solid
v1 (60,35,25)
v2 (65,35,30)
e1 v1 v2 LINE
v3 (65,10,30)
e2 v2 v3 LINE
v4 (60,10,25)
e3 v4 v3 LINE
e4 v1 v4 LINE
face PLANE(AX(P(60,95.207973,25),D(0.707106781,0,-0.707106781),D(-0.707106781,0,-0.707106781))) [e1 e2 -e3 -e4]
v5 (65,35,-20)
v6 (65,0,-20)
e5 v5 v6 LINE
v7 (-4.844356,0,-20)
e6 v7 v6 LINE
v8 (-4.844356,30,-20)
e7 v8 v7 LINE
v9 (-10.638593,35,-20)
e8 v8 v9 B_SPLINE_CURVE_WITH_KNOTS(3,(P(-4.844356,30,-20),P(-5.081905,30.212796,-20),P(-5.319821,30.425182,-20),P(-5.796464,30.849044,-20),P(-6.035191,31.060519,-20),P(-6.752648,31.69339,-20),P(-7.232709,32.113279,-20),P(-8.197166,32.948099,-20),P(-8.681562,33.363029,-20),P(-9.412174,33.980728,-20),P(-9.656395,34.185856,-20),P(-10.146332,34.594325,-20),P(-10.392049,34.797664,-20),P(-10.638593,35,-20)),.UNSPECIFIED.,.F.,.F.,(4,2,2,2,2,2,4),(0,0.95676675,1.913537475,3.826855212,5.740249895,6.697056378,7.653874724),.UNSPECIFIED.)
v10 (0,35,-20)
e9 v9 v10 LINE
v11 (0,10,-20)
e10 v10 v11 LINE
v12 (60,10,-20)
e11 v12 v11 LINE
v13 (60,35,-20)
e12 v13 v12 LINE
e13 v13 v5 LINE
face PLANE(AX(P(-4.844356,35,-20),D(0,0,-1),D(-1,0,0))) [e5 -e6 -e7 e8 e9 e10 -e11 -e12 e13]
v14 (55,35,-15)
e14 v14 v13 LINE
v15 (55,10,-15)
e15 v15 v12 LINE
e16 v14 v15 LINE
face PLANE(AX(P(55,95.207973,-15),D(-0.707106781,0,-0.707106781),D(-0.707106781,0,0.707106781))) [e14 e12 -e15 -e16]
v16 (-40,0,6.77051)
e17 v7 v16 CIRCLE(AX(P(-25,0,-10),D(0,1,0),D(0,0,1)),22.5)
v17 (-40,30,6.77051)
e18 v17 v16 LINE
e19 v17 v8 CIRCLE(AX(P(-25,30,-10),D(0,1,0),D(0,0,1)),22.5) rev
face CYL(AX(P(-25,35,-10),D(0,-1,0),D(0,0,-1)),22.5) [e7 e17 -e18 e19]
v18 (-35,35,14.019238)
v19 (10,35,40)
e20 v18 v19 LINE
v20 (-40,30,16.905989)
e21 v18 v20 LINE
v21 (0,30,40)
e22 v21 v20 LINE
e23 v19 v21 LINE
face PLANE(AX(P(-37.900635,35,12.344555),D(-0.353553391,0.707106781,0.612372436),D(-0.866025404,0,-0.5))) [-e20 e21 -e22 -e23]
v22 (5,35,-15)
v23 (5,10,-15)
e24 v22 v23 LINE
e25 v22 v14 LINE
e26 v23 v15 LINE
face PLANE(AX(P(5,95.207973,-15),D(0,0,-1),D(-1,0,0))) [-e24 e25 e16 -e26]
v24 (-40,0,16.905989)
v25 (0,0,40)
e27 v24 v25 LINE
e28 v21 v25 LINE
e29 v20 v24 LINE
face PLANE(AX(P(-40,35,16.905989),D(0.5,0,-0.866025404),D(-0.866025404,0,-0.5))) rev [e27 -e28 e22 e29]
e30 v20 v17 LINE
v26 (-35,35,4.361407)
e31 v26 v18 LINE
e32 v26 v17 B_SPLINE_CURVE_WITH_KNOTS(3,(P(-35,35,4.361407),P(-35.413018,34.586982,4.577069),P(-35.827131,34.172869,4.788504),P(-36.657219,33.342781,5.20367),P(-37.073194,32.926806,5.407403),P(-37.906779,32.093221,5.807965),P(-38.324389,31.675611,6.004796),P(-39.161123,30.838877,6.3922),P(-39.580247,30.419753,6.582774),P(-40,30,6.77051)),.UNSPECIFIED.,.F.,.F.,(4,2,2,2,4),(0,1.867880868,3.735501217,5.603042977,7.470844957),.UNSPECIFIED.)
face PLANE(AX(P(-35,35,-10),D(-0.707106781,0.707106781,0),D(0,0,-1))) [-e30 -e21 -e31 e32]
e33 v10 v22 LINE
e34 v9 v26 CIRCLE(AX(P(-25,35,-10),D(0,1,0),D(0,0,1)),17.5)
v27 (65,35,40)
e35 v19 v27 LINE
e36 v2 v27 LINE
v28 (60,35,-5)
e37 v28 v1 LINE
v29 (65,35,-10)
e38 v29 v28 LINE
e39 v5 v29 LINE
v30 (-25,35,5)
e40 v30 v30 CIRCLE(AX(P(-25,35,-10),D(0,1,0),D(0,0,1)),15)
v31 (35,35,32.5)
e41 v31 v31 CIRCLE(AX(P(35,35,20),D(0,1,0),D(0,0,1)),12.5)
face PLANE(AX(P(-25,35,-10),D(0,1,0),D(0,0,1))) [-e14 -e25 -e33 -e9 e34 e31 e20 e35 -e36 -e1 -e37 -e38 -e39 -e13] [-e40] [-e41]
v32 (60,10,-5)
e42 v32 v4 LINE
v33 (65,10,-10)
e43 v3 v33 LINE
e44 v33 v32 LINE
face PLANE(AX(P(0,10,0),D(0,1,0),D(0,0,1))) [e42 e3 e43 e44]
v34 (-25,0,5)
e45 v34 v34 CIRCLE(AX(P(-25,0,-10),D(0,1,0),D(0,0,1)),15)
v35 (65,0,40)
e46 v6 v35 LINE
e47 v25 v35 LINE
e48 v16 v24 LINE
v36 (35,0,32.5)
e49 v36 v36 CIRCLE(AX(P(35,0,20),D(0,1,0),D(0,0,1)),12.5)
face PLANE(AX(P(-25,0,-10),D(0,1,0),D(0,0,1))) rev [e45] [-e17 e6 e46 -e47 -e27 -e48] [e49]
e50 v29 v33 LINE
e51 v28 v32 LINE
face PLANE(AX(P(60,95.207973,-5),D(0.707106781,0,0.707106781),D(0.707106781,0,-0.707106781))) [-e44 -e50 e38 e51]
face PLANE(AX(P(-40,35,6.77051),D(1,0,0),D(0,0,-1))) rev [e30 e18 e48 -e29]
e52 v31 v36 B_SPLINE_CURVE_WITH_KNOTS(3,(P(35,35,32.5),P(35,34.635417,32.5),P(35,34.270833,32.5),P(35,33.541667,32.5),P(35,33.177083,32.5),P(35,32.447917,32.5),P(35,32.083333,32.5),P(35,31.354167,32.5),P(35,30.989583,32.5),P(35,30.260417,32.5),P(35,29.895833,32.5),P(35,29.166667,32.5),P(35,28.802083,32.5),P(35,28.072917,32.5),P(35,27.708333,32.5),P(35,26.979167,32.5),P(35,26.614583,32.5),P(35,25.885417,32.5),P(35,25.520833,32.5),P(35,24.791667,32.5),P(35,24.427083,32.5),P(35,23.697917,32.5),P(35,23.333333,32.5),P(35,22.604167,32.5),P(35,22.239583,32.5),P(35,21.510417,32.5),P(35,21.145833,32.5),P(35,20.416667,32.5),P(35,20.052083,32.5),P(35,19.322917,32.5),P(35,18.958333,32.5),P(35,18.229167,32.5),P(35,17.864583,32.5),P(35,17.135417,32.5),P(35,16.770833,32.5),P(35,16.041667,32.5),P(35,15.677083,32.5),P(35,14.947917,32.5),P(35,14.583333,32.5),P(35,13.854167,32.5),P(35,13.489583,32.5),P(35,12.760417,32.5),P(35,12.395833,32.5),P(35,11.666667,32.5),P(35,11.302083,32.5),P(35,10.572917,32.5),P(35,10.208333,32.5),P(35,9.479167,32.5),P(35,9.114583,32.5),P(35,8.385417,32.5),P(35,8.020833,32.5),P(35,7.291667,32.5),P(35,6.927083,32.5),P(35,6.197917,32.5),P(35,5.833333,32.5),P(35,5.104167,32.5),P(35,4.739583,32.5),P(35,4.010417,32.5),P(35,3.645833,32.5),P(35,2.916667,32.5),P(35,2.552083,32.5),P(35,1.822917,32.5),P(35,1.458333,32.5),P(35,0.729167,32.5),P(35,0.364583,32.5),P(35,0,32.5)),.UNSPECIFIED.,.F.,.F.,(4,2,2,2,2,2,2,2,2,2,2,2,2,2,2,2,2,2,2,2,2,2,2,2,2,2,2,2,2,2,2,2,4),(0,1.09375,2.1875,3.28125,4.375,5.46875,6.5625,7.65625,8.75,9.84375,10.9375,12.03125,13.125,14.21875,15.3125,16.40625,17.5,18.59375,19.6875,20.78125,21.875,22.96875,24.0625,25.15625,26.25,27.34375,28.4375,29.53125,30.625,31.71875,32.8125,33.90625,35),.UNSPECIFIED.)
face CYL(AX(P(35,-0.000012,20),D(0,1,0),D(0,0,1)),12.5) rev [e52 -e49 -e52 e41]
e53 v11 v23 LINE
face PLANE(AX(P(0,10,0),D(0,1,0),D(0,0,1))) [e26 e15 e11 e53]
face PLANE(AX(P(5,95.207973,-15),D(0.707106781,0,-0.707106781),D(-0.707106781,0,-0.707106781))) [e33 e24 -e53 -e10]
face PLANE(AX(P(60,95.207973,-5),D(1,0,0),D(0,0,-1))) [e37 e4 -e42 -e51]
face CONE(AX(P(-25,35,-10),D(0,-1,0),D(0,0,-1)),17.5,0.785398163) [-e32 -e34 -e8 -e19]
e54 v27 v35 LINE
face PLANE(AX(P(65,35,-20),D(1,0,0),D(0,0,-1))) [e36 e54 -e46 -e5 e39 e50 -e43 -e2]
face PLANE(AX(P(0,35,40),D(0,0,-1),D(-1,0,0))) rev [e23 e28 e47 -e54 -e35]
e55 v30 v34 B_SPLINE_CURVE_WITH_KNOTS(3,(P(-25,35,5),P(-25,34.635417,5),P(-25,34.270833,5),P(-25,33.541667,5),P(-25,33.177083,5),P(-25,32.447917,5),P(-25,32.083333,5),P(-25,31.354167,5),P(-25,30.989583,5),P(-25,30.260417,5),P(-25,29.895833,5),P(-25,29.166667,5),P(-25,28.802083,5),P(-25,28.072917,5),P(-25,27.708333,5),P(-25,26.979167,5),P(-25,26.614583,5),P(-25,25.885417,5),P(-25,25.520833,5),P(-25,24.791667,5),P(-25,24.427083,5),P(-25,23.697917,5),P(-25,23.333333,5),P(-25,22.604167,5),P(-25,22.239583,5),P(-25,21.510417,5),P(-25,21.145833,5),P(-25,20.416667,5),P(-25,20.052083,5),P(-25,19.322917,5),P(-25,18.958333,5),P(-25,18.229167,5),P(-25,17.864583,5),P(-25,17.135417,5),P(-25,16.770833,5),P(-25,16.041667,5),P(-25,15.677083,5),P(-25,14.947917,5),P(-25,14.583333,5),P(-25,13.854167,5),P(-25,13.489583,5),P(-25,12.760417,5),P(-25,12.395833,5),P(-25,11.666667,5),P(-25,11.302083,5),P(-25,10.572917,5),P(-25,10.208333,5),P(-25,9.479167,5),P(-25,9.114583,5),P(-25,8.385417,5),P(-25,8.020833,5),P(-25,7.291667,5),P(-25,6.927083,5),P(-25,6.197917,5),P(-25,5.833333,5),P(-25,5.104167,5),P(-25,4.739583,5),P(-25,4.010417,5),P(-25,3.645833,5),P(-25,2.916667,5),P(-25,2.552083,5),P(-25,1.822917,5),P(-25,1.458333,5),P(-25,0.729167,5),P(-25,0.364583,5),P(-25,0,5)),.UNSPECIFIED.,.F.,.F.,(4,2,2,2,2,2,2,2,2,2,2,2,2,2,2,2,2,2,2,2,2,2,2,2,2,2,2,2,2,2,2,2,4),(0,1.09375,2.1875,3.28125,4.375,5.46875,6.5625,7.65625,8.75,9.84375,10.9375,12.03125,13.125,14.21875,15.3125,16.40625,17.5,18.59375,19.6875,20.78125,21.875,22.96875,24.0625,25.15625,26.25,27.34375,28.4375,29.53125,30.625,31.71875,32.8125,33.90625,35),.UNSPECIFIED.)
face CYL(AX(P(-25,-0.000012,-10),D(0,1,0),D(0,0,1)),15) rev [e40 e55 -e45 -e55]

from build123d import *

# Parameters (mm, degrees)
BOSS_EXTRUDE1_DEPTH     = 35
CUT_EXTRUDE3_DEPTH      = 84.964278119
CUT_EXTRUDE3_DEPTH_BACK = 84.964278119
SKETCH2_R               = 12.5
SKETCH2_R_2             = 15
CUT_EXTRUDE4_START      = 10
CUT_EXTRUDE4_DEPTH      = 25
CHAMFER1_SIZE           = 5


with BuildPart() as part:
    # Sketch1 → Boss-Extrude1 (new body)
    with BuildSketch(Plane(origin=(0, 0, 0), x_dir=(1, 0, 0), z_dir=(0, 1, 0))):
        with BuildLine():
            Line((-40, -16.905989232), (0, -40))
            Line((0, -40), (65, -40))
            Line((65, -40), (65, 20))
            Line((65, 20), (-4.844355629, 20))
            ThreePointArc((-4.844355629, 20), (-38.631222116, 27.900831925), (-40, -6.770509831))
            Line((-40, -6.770509831), (-40, -16.905989232))
        make_face()
    extrude(amount=BOSS_EXTRUDE1_DEPTH)

    # Sketch2 → Cut-Extrude3 (cut, two sides: drawn at the far end of the back side and taken through both)
    with BuildSketch(Plane(origin=(0, 0, 0), x_dir=(1, 0, 0), z_dir=(0, 1, 0)).offset(-CUT_EXTRUDE3_DEPTH_BACK)):
        with Locations(Location((35, -20, 0), (0, 0, 270))):
            Circle(SKETCH2_R)
        with Locations(Location((-25, 10, 0), (0, 0, 270))):
            Circle(SKETCH2_R_2)
    extrude(amount=CUT_EXTRUDE3_DEPTH + CUT_EXTRUDE3_DEPTH_BACK, mode=Mode.SUBTRACT)

    # Sketch3 → Cut-Extrude4 (cut)
    with BuildSketch(Plane(origin=(0, 0, 0), x_dir=(1, 0, 0), z_dir=(0, 1, 0)).offset(CUT_EXTRUDE4_START)):
        Polygon((0, 20), (60, 20), (55, 15), (5, 15), align=None)
        Polygon((65, 10), (65, -30), (60, -25), (60, 5), align=None)
    extrude(amount=CUT_EXTRUDE4_DEPTH, mode=Mode.SUBTRACT)

    # Chamfer1
    chamfer1_edges = [part.edges().sort_by_distance(p)[0] for p in [
        (-20, 35, 28.452994616),
        (-40, 35, 11.838249532),
        (-38.631222116, 35, -27.900831925),
    ]]
    chamfer(chamfer1_edges, length=CHAMFER1_SIZE)


solid = part.part
